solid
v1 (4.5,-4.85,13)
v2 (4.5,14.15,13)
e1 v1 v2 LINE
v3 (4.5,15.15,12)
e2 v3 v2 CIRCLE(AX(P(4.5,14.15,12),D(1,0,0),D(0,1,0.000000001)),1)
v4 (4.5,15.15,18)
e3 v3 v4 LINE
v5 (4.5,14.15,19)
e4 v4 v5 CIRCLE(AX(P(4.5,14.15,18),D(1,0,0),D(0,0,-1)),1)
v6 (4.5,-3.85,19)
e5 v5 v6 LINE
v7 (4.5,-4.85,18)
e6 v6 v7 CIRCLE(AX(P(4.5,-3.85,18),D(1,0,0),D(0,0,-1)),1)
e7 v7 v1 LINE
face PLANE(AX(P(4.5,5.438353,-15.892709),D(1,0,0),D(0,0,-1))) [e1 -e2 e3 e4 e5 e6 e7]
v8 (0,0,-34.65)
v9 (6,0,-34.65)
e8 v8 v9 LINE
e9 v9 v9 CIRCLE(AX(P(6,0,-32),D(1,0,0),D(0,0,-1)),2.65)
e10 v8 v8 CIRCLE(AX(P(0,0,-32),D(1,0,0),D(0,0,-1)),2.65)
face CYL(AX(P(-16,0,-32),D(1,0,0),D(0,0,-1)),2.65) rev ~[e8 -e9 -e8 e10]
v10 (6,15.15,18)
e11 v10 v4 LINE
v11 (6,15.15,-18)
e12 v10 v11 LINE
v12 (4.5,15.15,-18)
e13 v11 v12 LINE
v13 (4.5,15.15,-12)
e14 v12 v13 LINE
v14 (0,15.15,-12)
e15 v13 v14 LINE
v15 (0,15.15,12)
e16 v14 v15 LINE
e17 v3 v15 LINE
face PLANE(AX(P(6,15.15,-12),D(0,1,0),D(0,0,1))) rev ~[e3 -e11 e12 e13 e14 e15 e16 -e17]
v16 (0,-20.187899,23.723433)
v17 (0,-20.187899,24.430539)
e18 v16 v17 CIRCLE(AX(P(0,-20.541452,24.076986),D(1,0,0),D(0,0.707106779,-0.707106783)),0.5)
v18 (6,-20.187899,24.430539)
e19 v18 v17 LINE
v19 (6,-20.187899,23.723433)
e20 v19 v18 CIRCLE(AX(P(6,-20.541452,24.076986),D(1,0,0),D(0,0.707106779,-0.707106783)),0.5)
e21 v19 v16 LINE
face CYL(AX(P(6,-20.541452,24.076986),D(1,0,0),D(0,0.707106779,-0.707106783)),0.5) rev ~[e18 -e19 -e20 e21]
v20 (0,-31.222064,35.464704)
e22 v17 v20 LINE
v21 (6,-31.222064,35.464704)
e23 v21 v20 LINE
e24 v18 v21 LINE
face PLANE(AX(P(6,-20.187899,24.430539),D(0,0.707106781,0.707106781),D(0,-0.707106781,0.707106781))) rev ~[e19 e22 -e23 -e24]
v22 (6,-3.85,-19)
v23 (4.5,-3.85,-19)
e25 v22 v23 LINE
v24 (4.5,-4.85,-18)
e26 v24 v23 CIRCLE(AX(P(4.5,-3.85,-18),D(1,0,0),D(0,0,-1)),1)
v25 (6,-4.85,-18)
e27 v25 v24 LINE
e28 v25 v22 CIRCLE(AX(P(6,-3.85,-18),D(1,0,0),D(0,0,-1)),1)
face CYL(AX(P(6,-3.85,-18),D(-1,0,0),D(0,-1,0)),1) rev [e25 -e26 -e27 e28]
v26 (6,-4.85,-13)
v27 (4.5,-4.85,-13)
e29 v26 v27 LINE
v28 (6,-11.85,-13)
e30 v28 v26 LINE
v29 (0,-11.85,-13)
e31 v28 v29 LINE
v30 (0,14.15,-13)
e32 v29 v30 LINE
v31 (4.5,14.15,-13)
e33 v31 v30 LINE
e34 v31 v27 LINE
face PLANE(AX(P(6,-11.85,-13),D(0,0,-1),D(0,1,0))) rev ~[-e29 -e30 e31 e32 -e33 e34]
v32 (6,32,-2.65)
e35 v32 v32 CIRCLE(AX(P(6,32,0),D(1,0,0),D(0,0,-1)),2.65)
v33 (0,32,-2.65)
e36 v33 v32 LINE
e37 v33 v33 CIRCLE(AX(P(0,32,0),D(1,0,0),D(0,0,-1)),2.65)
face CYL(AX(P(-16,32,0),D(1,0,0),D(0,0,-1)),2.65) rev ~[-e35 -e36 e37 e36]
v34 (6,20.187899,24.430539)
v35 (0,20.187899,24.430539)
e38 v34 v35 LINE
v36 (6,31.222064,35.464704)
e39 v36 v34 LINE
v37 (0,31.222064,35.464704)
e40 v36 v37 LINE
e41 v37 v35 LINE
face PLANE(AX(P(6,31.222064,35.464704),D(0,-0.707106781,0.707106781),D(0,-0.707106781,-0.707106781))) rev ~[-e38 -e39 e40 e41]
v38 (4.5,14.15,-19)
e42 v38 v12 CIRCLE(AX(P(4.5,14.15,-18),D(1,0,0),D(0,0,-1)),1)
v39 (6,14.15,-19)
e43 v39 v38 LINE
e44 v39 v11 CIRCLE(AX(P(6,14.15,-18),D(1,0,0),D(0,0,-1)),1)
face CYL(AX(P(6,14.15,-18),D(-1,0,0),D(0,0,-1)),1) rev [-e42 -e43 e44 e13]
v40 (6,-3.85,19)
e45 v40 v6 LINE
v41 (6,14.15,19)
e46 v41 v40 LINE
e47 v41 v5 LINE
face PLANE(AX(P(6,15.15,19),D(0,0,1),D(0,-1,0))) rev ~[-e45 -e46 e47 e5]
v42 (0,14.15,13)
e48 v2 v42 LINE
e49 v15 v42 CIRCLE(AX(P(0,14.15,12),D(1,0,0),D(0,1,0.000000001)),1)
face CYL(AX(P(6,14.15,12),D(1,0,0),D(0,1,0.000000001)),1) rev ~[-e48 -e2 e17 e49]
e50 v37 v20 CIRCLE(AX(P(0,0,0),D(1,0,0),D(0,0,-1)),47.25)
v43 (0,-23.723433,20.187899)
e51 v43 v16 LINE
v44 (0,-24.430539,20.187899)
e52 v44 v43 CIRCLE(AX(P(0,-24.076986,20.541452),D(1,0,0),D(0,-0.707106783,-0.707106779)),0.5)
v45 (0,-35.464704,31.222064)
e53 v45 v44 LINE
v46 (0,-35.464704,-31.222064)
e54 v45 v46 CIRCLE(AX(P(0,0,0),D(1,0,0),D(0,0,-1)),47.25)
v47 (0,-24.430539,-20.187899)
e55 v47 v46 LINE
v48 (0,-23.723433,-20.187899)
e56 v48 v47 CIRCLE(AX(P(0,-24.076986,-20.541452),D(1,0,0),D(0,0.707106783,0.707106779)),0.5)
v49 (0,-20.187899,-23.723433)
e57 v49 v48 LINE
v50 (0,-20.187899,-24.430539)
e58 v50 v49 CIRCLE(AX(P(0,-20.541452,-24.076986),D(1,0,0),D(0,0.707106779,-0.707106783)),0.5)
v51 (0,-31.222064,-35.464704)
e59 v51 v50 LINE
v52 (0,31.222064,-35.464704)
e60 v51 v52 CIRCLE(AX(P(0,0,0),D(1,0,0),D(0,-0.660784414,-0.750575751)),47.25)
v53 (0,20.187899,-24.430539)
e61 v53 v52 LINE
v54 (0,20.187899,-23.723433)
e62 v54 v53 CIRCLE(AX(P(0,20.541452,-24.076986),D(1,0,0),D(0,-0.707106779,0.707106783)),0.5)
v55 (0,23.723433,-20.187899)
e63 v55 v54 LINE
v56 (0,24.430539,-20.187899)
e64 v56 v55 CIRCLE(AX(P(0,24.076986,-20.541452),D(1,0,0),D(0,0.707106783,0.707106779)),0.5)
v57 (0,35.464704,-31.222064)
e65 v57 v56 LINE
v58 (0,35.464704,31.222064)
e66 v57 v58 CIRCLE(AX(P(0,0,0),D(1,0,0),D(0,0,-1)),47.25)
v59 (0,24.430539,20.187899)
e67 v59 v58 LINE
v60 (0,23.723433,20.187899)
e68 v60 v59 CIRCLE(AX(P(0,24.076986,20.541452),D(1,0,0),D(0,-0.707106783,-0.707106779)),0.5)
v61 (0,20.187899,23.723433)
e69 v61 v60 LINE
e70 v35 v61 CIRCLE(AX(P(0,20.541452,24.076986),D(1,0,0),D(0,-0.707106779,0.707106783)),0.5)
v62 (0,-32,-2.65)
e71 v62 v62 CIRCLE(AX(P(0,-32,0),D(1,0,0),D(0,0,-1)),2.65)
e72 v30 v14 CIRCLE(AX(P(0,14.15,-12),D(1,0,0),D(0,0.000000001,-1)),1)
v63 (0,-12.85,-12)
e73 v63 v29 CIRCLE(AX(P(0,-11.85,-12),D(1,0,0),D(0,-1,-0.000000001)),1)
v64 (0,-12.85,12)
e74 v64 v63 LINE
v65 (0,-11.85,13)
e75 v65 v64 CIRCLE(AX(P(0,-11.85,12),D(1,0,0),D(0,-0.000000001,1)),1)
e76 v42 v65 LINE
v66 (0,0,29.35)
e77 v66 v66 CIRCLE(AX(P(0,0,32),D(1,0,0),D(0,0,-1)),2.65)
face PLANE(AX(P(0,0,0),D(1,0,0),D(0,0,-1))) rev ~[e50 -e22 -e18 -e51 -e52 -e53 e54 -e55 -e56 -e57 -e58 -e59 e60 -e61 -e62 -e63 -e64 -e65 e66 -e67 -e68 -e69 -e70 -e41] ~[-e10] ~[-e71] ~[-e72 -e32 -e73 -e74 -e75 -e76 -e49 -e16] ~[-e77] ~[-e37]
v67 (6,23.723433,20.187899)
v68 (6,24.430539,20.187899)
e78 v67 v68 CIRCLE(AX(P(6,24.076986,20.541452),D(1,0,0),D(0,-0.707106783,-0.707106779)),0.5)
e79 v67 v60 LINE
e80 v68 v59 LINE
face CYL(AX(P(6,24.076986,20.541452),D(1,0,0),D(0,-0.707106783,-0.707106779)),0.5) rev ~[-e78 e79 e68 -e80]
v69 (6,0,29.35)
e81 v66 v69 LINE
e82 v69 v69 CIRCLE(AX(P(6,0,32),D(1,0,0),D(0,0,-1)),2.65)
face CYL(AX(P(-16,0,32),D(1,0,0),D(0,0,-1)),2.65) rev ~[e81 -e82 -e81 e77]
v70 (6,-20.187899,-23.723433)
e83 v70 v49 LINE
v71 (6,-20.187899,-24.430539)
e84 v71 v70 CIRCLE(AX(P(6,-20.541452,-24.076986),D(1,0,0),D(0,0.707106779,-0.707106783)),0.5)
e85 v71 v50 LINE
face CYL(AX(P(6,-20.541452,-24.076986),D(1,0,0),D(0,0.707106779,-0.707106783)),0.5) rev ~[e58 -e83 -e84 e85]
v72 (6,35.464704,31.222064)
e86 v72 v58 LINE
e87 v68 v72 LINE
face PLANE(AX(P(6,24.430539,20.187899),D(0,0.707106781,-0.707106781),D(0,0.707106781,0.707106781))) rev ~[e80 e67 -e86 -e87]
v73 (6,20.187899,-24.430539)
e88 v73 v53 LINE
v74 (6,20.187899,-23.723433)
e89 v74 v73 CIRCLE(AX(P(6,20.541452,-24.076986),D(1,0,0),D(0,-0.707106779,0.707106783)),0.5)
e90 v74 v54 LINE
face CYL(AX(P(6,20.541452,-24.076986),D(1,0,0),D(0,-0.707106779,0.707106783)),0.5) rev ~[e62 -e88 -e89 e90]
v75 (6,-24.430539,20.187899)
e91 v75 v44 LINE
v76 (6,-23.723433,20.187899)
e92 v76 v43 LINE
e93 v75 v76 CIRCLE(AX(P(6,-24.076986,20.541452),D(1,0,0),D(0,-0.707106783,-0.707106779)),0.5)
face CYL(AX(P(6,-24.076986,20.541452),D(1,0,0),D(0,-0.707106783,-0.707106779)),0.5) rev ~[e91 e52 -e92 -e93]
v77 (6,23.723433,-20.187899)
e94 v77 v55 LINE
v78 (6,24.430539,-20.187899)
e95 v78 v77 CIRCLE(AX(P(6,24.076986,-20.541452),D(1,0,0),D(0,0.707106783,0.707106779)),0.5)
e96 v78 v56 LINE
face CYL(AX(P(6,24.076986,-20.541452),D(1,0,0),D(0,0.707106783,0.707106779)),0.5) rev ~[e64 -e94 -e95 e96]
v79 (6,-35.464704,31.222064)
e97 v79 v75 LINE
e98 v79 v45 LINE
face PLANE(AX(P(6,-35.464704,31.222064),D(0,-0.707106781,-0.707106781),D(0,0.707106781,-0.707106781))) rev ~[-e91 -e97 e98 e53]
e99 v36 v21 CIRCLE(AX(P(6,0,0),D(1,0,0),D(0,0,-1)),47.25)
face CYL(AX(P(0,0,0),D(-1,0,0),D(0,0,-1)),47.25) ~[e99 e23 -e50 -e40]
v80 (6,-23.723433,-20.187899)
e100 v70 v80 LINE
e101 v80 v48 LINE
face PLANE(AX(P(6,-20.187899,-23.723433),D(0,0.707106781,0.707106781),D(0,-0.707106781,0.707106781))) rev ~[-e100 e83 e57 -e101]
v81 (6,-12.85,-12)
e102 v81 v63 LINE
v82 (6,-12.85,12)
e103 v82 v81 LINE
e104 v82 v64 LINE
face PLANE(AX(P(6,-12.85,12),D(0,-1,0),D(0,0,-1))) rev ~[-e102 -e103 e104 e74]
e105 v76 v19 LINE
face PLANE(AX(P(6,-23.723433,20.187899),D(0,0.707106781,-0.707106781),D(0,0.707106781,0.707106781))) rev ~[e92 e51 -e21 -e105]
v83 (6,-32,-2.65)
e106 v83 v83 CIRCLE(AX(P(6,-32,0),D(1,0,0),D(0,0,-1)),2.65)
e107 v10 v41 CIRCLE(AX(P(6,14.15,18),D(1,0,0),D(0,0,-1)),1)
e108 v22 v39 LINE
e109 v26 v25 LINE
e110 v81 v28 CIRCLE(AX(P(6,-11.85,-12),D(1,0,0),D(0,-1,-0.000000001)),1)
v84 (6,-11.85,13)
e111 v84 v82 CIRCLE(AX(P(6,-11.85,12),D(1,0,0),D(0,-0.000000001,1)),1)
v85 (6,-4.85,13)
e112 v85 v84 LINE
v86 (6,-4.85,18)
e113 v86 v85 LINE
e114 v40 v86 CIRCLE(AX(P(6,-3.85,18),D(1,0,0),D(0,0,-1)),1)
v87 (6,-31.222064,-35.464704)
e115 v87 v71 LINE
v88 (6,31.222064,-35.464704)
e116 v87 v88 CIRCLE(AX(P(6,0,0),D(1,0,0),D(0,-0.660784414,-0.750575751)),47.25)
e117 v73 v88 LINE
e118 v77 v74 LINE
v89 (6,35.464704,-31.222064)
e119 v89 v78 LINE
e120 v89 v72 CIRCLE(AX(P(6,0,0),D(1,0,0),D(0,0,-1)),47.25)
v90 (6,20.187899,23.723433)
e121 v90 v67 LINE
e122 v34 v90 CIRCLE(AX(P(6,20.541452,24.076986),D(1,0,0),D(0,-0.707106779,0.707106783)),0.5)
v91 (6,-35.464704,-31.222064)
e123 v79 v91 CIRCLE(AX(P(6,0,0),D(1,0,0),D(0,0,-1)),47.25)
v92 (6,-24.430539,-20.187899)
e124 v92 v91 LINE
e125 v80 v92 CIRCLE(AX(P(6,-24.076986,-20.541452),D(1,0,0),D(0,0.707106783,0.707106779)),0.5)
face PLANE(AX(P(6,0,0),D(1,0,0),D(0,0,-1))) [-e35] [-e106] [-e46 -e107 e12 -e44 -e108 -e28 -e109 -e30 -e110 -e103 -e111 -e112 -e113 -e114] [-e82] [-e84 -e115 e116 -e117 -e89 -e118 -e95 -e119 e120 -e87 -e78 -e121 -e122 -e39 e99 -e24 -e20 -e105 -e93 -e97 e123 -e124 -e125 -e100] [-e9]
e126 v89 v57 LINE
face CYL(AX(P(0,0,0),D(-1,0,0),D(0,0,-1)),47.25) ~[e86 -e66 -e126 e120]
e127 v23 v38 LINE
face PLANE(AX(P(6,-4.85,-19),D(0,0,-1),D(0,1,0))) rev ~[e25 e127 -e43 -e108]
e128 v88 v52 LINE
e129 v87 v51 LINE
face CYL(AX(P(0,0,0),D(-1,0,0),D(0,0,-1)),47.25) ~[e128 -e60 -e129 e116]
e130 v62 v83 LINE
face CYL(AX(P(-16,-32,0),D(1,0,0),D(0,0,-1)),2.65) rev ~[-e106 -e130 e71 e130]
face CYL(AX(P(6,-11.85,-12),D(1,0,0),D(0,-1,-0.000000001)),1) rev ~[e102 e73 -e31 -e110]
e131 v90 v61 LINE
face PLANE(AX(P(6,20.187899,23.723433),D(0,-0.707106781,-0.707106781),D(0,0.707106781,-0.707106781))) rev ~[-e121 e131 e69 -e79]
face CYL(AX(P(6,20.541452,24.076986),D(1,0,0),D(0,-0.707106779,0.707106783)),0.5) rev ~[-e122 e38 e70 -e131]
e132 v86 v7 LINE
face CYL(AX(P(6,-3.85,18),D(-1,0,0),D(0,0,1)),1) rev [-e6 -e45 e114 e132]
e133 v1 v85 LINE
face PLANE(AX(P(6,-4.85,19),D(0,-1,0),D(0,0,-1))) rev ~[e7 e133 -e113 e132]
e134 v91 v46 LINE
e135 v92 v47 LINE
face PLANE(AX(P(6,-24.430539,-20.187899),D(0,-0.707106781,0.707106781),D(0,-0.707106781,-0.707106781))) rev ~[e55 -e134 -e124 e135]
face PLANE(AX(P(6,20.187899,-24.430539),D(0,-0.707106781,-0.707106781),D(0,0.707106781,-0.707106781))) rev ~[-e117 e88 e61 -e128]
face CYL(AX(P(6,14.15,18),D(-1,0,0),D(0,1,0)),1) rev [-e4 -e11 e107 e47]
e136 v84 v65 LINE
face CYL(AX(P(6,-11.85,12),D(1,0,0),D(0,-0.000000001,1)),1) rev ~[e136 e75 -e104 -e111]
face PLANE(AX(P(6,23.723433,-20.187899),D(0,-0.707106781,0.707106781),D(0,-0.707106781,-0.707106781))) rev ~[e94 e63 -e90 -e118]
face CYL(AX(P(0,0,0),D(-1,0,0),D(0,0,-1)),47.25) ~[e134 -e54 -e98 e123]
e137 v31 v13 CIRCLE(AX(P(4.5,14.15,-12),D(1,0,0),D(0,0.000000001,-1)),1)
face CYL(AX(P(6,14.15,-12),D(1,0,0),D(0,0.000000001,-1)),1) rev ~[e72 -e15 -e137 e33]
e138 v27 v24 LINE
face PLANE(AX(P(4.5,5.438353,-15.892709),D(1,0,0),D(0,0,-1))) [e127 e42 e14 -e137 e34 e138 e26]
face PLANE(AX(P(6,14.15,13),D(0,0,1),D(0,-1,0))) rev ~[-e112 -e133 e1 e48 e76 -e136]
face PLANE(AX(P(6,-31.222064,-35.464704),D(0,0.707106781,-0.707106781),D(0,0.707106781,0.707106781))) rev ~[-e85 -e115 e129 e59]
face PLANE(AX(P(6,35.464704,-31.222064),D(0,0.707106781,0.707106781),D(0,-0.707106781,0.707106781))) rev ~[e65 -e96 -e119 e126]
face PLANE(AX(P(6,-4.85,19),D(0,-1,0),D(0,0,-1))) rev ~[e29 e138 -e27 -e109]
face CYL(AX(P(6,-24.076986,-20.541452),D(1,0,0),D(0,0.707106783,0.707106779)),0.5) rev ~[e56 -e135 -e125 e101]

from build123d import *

# Parameters (mm, degrees)
SKETCH1_R                = 47.25
BOSS_EXTRUDE1_DEPTH      = 6
CUT_EXTRUDE1_DEPTH       = 20
M5_CLEARANCE_HOLE1_D     = 5.3
M5_CLEARANCE_HOLE1_DEPTH = 16
M5_CLEARANCE_HOLE1_TIP   = 1.59228064
SKETCH16_W               = 38
SKETCH16_H               = 20
CUT_EXTRUDE2_DEPTH       = 1.5
FILLET1_R                = 1
CUT_EXTRUDE3_START       = -10
CUT_EXTRUDE3_DEPTH       = 10


with BuildPart() as part:
    # Sketch1 → Boss-Extrude1 (new body)
    with BuildSketch(Plane(origin=(0, 0, 0), x_dir=(0, 0, -1), z_dir=(1, 0, 0))):
        Circle(SKETCH1_R)
    extrude(amount=BOSS_EXTRUDE1_DEPTH)

    # Sketch2 → Cut-Extrude1 (cut)
    with BuildSketch(Plane(origin=(6, 0, 0), x_dir=(0, 0, -1), z_dir=(1, 0, 0))):
        with BuildLine():
            Line((-12, -12.85), (12, -12.85))
            ThreePointArc((12, -12.85), (12.707106781, -12.557106781), (13, -11.85))
            Line((13, -11.85), (13, 14.15))
            ThreePointArc((13, 14.15), (12.707106781, 14.857106781), (12, 15.15))
            Line((12, 15.15), (-12, 15.15))
            ThreePointArc((-12, 15.15), (-12.707106781, 14.857106781), (-13, 14.15))
            Line((-13, 14.15), (-13, -11.85))
            ThreePointArc((-13, -11.85), (-12.707106781, -12.557106781), (-12, -12.85))
        make_face()
    extrude(amount=-CUT_EXTRUDE1_DEPTH, mode=Mode.SUBTRACT)

    # M5 Clearance Hole1
    with Locations(Plane.ZY):
        with Locations((-32, 0), (0, 32), (32, 0), (0, -32)):
            Hole(M5_CLEARANCE_HOLE1_D / 2, depth=M5_CLEARANCE_HOLE1_DEPTH)
            with Locations((0, 0, -(M5_CLEARANCE_HOLE1_DEPTH + M5_CLEARANCE_HOLE1_TIP / 2))):  # 118° drill point
                Cone(0, M5_CLEARANCE_HOLE1_D / 2, M5_CLEARANCE_HOLE1_TIP, mode=Mode.SUBTRACT)

    # Sketch16 → Cut-Extrude2 (cut)
    with BuildSketch(Plane(origin=(6, 0, 0), x_dir=(0, 0, -1), z_dir=(1, 0, 0))):
        with Locations((0, 5.15)):
            Rectangle(SKETCH16_W, SKETCH16_H)
    extrude(amount=-CUT_EXTRUDE2_DEPTH, mode=Mode.SUBTRACT)

    # Fillet1
    fillet1_edges = [part.edges().sort_by_distance(p)[0] for p in [
        (5.25, -4.85, -19),
        (5.25, -4.85, 19),
        (5.25, 15.15, 19),
        (5.25, 15.15, -19),
    ]]
    fillet(fillet1_edges, radius=FILLET1_R)

    # Sketch17 → Cut-Extrude3 (cut)
    with BuildSketch(Plane(origin=(6, 0, 0), x_dir=(0, 0, -1), z_dir=(1, 0, 0)).offset(CUT_EXTRUDE3_START)):
        with BuildLine():
            Line((23.723432509, -20.187898603), (20.187898603, -23.723432509))
            ThreePointArc((20.187898603, -23.723432509), (20.041451993, -24.076985899), (20.187898603, -24.43053929))
            Line((20.187898603, -24.43053929), (31.222063558, -35.464704245))
            ThreePointArc((31.222063558, -35.464704245), (33.410795411, -33.410795411), (35.464704245, -31.222063558))
            Line((35.464704245, -31.222063558), (24.43053929, -20.187898603))
            ThreePointArc((24.43053929, -20.187898603), (24.076985899, -20.041451993), (23.723432509, -20.187898603))
        make_face()
        with BuildLine():
            Line((-20.187898603, -23.723432509), (-23.723432509, -20.187898603))
            ThreePointArc((-23.723432509, -20.187898603), (-24.076985899, -20.041451993), (-24.43053929, -20.187898603))
            Line((-24.43053929, -20.187898603), (-35.464704245, -31.222063558))
            ThreePointArc((-35.464704245, -31.222063558), (-33.410795411, -33.410795411), (-31.222063558, -35.464704245))
            Line((-31.222063558, -35.464704245), (-20.187898603, -24.43053929))
            ThreePointArc((-20.187898603, -24.43053929), (-20.041451993, -24.076985899), (-20.187898603, -23.723432509))
        make_face()
        with BuildLine():
            Line((-23.723432509, 20.187898603), (-20.187898603, 23.723432509))
            ThreePointArc((-20.187898603, 23.723432509), (-20.041451993, 24.076985899), (-20.187898603, 24.43053929))
            Line((-20.187898603, 24.43053929), (-31.222063558, 35.464704245))
            ThreePointArc((-31.222063558, 35.464704245), (-33.410795411, 33.410795411), (-35.464704245, 31.222063558))
            Line((-35.464704245, 31.222063558), (-24.43053929, 20.187898603))
            ThreePointArc((-24.43053929, 20.187898603), (-24.076985899, 20.041451993), (-23.723432509, 20.187898603))
        make_face()
        with BuildLine():
            Line((20.187898603, 23.723432509), (23.723432509, 20.187898603))
            ThreePointArc((23.723432509, 20.187898603), (24.076985899, 20.041451993), (24.43053929, 20.187898603))
            Line((24.43053929, 20.187898603), (35.464704245, 31.222063558))
            ThreePointArc((35.464704245, 31.222063558), (33.410795411, 33.410795411), (31.222063558, 35.464704245))
            Line((31.222063558, 35.464704245), (20.187898603, 24.43053929))
            ThreePointArc((20.187898603, 24.43053929), (20.041451993, 24.076985899), (20.187898603, 23.723432509))
        make_face()
    extrude(amount=CUT_EXTRUDE3_DEPTH, mode=Mode.SUBTRACT)


solid = part.part
